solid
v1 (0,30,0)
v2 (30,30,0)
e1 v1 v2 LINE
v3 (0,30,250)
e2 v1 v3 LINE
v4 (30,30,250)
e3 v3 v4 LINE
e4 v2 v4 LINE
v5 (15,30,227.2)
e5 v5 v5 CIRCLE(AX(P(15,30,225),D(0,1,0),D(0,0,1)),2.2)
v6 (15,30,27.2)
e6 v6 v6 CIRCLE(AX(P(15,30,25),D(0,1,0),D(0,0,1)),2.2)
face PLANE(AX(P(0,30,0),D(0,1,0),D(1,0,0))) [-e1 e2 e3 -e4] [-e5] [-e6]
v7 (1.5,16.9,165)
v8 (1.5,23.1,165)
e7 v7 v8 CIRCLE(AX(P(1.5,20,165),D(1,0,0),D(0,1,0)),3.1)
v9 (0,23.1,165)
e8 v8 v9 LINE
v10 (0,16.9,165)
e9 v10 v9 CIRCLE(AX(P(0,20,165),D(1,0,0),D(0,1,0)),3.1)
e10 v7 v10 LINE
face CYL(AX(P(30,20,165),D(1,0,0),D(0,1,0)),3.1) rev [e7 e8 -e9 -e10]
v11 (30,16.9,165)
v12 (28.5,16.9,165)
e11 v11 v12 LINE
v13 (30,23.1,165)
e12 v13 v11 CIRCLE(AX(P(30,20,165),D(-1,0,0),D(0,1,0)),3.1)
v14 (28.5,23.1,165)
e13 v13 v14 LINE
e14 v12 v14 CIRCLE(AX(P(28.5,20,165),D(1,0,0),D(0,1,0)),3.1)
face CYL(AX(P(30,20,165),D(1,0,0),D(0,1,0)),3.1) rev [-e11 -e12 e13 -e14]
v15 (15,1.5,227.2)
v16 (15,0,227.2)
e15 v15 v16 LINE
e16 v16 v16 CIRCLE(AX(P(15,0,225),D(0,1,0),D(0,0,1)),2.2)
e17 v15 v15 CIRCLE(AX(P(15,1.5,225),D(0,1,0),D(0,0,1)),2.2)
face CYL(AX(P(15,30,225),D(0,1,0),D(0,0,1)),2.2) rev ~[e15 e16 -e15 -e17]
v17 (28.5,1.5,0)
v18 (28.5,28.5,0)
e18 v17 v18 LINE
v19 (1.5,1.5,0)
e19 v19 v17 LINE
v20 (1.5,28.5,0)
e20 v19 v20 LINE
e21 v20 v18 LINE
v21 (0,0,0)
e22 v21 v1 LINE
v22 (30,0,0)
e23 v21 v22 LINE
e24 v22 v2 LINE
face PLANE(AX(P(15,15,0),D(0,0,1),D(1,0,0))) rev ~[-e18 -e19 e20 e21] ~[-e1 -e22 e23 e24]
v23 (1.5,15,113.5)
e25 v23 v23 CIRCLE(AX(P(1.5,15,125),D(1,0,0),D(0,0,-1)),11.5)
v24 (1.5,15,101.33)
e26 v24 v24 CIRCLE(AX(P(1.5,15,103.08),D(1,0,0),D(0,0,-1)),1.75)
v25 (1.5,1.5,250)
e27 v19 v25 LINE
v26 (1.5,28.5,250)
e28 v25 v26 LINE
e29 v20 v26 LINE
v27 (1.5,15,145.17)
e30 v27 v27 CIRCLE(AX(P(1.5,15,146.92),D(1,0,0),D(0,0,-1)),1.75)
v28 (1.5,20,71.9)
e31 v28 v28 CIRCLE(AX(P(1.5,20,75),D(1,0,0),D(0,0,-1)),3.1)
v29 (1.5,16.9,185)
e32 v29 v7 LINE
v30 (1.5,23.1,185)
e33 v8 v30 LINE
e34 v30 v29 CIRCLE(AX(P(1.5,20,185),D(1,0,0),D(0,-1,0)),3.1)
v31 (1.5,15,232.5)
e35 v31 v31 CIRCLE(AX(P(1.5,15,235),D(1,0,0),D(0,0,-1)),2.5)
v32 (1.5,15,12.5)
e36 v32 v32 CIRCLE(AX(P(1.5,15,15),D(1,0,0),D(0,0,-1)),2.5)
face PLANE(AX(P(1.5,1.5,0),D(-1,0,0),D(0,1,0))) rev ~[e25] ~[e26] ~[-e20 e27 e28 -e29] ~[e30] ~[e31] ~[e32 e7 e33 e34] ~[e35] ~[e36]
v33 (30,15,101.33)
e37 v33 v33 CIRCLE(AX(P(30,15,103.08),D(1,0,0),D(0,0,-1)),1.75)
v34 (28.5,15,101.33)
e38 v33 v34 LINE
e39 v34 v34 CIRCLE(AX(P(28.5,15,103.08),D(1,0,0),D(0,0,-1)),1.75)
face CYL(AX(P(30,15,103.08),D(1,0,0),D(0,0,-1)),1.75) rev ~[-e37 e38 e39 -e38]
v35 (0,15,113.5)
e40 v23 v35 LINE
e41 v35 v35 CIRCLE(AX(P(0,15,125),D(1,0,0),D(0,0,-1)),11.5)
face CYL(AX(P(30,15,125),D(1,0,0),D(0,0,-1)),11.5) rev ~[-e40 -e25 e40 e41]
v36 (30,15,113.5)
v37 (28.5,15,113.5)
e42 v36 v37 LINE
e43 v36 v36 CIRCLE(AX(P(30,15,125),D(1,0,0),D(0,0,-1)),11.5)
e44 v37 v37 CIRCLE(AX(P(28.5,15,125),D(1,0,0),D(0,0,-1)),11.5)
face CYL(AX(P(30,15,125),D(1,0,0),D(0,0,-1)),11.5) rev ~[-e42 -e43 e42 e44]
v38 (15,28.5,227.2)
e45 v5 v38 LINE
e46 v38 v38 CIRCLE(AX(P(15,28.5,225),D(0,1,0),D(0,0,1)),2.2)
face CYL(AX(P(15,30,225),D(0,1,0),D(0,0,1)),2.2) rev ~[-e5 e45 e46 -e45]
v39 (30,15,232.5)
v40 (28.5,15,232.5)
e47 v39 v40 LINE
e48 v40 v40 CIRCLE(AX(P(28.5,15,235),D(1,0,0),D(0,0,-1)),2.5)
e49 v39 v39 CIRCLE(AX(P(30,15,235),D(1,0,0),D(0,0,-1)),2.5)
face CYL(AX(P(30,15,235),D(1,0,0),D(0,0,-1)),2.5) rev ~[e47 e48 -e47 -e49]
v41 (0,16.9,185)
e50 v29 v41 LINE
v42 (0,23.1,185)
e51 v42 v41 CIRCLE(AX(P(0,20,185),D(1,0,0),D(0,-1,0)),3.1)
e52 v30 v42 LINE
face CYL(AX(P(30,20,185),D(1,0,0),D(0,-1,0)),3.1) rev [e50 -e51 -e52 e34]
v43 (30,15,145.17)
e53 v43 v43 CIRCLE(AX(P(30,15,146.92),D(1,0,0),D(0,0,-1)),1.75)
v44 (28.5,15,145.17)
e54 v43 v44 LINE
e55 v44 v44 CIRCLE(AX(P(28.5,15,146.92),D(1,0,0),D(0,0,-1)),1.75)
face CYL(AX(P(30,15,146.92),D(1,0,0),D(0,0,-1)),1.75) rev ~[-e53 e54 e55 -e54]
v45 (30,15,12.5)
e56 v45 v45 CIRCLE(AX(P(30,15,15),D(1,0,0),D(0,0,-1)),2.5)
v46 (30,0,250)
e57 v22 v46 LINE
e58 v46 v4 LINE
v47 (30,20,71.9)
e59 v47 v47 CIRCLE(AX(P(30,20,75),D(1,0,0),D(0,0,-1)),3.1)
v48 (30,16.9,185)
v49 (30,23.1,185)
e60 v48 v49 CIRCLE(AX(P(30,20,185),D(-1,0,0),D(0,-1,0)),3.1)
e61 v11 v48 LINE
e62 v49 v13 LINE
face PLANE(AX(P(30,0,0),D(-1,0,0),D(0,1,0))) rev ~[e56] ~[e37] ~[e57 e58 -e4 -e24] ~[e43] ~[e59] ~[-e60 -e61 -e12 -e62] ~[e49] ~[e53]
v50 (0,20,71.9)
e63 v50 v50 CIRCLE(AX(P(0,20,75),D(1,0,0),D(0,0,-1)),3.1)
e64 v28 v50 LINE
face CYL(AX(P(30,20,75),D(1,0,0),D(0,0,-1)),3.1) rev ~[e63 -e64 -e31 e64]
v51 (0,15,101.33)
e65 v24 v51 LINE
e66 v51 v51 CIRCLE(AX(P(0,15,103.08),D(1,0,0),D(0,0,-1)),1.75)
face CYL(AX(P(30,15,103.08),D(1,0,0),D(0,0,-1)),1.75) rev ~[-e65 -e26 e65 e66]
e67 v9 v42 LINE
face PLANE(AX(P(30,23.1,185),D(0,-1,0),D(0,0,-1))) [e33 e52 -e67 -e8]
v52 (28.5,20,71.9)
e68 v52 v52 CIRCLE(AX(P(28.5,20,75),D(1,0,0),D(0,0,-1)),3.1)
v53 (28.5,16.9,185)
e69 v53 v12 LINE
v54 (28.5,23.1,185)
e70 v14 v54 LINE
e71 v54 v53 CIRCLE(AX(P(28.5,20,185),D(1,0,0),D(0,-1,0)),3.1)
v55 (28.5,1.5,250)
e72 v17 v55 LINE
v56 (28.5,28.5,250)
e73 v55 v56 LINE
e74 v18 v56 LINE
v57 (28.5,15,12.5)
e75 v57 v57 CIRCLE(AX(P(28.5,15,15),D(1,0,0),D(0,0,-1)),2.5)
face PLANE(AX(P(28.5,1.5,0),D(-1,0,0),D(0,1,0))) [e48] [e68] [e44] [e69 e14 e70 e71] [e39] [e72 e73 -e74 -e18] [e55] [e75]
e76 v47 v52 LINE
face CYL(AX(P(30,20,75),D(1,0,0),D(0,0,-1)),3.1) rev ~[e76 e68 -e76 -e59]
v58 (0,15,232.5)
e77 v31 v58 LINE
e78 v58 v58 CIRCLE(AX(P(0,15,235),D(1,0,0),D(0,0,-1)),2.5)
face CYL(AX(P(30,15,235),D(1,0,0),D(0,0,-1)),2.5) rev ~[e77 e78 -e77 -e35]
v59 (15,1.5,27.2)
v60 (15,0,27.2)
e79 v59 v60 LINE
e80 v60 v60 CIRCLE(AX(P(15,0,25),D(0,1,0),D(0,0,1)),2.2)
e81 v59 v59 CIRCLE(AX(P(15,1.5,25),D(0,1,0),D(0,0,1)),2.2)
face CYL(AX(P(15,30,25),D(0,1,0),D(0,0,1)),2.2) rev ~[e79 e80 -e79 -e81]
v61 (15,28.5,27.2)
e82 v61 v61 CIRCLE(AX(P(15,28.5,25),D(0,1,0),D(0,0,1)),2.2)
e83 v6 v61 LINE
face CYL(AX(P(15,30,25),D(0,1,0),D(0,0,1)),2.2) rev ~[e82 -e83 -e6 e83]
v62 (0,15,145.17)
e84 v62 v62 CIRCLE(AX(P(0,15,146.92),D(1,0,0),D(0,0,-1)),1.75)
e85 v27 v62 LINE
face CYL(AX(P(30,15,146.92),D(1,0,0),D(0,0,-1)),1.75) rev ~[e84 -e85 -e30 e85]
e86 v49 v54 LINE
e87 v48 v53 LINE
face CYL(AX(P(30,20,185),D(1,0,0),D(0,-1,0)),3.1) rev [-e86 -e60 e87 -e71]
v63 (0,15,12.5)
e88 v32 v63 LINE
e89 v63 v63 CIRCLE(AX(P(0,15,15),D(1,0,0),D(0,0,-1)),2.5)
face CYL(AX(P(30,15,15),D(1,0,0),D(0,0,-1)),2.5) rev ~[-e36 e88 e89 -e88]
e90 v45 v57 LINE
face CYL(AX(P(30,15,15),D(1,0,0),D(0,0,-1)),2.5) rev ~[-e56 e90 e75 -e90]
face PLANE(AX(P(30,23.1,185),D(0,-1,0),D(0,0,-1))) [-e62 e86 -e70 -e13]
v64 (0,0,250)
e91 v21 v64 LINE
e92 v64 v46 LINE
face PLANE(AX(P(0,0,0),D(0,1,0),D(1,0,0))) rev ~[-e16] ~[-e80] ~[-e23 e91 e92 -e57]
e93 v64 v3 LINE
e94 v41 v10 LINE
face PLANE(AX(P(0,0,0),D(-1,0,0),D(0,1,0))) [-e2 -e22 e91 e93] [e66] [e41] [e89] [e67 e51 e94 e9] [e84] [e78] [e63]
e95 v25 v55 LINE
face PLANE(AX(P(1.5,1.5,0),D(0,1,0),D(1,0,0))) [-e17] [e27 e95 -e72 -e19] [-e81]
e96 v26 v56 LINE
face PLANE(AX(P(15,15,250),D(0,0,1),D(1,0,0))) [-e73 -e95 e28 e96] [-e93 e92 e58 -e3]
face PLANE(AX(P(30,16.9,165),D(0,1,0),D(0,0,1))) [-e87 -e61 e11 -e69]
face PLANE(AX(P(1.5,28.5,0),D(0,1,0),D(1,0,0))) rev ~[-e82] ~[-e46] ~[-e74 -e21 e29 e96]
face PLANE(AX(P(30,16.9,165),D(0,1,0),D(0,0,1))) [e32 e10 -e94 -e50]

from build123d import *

# Parameters (mm, degrees)
SKETCH1_W           = 30
SKETCH1_H           = 30
SKETCH1_W_2         = 27
SKETCH1_H_2         = 27
BOSS_EXTRUDE1_DEPTH = 250
SKETCH2_R           = 3.1
SKETCH2_R_2         = 2.5
SKETCH2_R_3         = 11.5
SKETCH2_R_4         = 1.75
CUT_EXTRUDE1_DEPTH  = 254.574446662
SKETCH3_R           = 2.2
CUT_EXTRUDE2_DEPTH  = 254.574446662


with BuildPart() as part:
    # Sketch1 → Boss-Extrude1 (new body)
    with BuildSketch(Plane.XY):
        with Locations((15, 15)):
            Rectangle(SKETCH1_W, SKETCH1_H)
        with Locations((15, 15)):
            Rectangle(SKETCH1_W_2, SKETCH1_H_2, mode=Mode.SUBTRACT)
    extrude(amount=BOSS_EXTRUDE1_DEPTH)

    # Sketch2 → Cut-Extrude1 (cut, through all)
    with BuildSketch(Plane(origin=(30, 0, 0), x_dir=(0, 0, -1), z_dir=(1, 0, 0))):
        with Locations((-75, 20)):
            Circle(SKETCH2_R)
        with Locations((-15, 15)):
            Circle(SKETCH2_R_2)
        with Locations((-235, 15)):
            Circle(SKETCH2_R_2)
        with Locations((-125, 15)):
            Circle(SKETCH2_R_3)
        with Locations((-146.92, 15)):
            Circle(SKETCH2_R_4)
        with Locations((-103.08, 15)):
            Circle(SKETCH2_R_4)
        with BuildLine():
            Line((-185, 23.1), (-165, 23.1))
            ThreePointArc((-165, 23.1), (-161.9, 20), (-165, 16.9))
            Line((-165, 16.9), (-185, 16.9))
            ThreePointArc((-185, 16.9), (-188.1, 20), (-185, 23.1))
        make_face()
    extrude(amount=-CUT_EXTRUDE1_DEPTH, mode=Mode.SUBTRACT)

    # Sketch3 → Cut-Extrude2 (cut, through all)
    with BuildSketch(Plane(origin=(0, 30, 0), x_dir=(1, 0, 0), z_dir=(0, 1, 0))):
        with Locations(Location((15, -25, 0), (0, 0, 270))):
            Circle(SKETCH3_R)
        with Locations(Location((15, -225, 0), (0, 0, 270))):
            Circle(SKETCH3_R)
    extrude(amount=-CUT_EXTRUDE2_DEPTH, mode=Mode.SUBTRACT)


solid = part.part
